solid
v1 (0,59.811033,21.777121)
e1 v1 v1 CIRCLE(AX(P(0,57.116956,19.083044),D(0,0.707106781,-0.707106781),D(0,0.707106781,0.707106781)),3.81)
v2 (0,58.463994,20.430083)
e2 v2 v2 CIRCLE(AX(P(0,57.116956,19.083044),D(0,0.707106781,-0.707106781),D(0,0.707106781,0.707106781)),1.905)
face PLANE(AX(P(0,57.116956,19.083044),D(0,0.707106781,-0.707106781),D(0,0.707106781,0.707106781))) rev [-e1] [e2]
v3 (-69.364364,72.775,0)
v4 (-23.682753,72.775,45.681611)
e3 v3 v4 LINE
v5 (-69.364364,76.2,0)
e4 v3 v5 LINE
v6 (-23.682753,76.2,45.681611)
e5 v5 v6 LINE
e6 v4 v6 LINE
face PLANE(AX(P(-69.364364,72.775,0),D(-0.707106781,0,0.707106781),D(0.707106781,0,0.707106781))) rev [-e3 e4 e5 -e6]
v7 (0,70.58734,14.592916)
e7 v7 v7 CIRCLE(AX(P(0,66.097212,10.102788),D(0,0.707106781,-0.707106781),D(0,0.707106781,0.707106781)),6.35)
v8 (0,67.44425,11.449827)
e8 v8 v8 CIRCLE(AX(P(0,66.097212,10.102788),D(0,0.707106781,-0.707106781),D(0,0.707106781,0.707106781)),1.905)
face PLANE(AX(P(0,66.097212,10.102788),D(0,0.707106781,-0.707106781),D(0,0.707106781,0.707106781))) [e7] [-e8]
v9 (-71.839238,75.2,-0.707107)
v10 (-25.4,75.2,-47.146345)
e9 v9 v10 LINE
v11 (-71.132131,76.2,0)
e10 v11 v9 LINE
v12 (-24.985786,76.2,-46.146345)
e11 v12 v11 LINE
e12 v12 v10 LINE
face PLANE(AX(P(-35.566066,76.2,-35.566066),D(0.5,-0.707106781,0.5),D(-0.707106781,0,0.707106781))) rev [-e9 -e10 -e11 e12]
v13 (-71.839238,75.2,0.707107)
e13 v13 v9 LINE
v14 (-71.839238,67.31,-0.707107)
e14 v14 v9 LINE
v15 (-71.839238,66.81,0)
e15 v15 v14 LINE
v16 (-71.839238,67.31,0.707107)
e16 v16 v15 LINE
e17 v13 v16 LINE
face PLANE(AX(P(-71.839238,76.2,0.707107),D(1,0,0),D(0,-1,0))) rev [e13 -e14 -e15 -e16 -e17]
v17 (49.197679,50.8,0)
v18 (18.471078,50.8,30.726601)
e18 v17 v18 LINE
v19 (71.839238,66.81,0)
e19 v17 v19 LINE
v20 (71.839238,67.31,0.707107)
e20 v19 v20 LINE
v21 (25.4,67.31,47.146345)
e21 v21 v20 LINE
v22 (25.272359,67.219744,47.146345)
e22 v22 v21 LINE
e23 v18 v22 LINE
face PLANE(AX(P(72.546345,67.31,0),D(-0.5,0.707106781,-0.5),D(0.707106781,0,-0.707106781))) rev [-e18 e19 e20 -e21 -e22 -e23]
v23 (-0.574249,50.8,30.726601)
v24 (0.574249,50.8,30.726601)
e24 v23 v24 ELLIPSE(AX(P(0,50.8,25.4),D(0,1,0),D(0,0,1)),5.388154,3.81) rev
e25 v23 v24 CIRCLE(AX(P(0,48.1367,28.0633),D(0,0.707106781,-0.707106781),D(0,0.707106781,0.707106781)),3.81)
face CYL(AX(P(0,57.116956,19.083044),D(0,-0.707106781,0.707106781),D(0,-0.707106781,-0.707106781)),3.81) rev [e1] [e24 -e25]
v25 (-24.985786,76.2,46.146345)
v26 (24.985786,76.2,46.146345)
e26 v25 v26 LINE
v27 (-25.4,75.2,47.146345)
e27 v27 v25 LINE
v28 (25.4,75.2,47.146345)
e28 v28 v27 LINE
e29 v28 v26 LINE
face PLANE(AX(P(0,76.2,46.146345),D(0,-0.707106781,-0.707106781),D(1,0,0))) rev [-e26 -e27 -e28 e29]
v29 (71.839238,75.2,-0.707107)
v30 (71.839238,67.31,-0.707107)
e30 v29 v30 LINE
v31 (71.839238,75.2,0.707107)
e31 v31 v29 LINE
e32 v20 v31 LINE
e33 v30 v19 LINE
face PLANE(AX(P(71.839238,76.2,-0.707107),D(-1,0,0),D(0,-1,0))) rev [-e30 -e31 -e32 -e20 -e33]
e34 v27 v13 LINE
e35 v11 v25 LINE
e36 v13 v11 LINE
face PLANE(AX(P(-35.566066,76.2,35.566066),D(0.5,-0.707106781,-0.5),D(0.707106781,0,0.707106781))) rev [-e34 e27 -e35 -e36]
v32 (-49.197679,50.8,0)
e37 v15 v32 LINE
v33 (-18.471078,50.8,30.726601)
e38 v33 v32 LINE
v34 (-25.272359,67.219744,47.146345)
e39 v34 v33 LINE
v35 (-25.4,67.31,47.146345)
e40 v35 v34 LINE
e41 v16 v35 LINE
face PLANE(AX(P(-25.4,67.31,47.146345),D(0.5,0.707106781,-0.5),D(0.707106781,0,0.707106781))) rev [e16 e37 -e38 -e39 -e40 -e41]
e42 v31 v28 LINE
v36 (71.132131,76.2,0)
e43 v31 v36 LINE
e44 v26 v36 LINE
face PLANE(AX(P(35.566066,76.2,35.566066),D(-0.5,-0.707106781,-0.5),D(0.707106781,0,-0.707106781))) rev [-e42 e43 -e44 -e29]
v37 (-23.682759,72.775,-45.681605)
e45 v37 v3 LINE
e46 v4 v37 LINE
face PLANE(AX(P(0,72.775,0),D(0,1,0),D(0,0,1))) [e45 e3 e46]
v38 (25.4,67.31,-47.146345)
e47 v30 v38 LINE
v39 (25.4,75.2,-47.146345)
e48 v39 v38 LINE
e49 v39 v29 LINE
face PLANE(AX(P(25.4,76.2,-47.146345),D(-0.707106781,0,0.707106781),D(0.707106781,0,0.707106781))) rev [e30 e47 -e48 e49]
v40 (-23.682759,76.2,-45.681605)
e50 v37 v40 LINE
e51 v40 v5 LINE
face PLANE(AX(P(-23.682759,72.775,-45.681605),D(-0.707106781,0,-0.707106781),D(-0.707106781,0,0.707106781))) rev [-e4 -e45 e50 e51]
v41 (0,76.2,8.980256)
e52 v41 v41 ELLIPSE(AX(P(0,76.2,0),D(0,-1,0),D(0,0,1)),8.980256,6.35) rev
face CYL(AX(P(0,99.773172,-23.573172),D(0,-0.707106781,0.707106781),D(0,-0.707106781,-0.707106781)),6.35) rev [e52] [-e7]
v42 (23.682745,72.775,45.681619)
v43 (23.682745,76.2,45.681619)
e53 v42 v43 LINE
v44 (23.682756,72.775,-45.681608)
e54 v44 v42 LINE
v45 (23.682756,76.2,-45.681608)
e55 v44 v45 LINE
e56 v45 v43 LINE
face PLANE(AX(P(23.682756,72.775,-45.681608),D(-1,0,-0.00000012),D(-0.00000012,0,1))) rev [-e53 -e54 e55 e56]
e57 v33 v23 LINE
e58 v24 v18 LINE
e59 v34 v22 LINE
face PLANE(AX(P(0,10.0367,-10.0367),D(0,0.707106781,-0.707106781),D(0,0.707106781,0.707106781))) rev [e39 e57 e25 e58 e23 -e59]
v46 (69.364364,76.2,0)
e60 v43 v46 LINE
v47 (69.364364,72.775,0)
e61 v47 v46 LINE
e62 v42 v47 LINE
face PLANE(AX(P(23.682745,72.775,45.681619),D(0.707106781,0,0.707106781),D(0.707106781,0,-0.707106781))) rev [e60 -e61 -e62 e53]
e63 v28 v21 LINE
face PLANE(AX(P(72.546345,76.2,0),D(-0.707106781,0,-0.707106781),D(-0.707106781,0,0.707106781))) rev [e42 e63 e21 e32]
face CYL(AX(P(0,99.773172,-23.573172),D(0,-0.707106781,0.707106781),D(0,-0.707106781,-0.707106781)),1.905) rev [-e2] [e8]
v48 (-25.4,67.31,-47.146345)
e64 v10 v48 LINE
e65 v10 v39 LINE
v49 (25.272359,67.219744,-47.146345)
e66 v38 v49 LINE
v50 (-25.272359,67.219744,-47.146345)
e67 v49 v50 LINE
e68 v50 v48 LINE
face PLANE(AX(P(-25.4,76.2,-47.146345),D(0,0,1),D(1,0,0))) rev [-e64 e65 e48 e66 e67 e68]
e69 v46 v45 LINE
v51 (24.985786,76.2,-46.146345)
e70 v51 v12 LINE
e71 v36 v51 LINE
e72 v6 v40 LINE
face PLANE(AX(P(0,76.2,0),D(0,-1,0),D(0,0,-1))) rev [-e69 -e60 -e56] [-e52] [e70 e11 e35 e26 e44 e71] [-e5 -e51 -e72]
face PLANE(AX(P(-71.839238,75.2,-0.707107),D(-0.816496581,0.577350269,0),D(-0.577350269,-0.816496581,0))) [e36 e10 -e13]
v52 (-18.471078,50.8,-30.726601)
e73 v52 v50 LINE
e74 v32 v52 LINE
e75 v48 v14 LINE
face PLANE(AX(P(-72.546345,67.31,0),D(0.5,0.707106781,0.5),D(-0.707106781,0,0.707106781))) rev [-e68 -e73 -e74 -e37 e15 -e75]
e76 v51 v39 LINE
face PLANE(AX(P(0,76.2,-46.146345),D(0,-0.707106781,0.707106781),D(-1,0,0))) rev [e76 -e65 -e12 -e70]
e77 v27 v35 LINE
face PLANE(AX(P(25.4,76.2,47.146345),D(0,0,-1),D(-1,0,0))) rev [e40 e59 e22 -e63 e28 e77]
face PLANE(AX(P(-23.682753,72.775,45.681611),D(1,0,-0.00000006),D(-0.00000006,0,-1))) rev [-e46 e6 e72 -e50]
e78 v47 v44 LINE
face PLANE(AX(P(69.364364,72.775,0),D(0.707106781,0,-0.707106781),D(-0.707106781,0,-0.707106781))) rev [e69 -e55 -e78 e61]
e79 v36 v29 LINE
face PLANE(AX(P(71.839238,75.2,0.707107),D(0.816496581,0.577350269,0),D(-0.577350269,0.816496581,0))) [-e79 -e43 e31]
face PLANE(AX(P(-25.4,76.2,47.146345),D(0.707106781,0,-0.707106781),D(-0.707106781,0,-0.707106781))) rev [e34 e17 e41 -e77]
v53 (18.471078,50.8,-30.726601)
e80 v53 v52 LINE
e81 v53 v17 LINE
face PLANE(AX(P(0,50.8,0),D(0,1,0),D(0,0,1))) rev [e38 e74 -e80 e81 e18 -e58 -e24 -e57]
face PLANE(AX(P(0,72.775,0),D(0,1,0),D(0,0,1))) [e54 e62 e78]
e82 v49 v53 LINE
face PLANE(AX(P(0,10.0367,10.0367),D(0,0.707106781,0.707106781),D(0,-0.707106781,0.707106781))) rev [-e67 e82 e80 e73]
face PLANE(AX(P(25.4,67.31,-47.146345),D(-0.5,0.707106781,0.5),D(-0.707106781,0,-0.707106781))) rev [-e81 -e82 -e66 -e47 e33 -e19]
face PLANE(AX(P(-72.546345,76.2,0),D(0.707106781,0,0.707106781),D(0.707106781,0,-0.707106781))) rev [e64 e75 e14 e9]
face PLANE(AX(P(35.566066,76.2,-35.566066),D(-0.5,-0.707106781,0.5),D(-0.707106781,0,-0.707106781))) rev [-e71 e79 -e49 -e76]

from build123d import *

# Parameters (mm, degrees)
BOSS_EXTRUDE1_DEPTH     = 76.2
CHAMFER1_SIZE           = 16.51
CHAMFER2_SIZE           = 1
CUT_EXTRUDE1_DEPTH      = 3.425
SKETCH5_R               = 1.905
CUT_EXTRUDE2_DEPTH      = 114.174020707
CUT_EXTRUDE3_DEPTH      = 118.371627589
CUT_EXTRUDE3_DEPTH_BACK = 12.7
SKETCH6_R               = 6.35
SKETCH5_3_R             = 3.81
CUT_EXTRUDE4_DEPTH      = 12.7


with BuildPart() as part:
    # Sketch1 → Boss-Extrude1 (new body)
    with BuildSketch(Plane(origin=(0, 0, 0), x_dir=(1, 0, 0), z_dir=(0, 1, 0))):
        Polygon((-25.4, 47.146344636), (25.4, 47.146344636), (72.546344636, 0), (25.4, -47.146344636), (-25.4, -47.146344636), (-72.546344636, 0), align=None)
    extrude(amount=BOSS_EXTRUDE1_DEPTH)

    # SurfaceCut1
    split(bisect_by=Plane(origin=(0, 10.036699622, 10.036699622), x_dir=(-1, 0, 0), z_dir=(0, 0.7071067811865464, 0.7071067811865488)), keep=Keep.TOP)

    # SurfaceCut2
    split(bisect_by=Plane(origin=(0, 10.036699622, -10.036699622), x_dir=(1, 0, 0), z_dir=(0, 0.7071067811865464, -0.7071067811865488)), keep=Keep.TOP)

    # SurfaceCut3
    split(bisect_by=Plane(origin=(0, 50.8, 0), x_dir=(1, 0, 0), z_dir=(0, 1, 0)), keep=Keep.TOP)

    # Chamfer1
    chamfer1_edges = [part.edges().sort_by_distance(p)[0] for p in [
        (-57.183044257, 50.8, 15.363300378),
        (-57.183044257, 50.8, -15.363300378),
        (57.183044257, 50.8, 15.363300378),
        (57.183044257, 50.8, -15.363300378),
    ]]
    chamfer(chamfer1_edges, length=CHAMFER1_SIZE)

    # Chamfer2
    chamfer2_edges = [part.edges().sort_by_distance(p)[0] for p in [
        (72.546344636, 71.755, 0),
        (-72.546344636, 71.755, 0),
        (0, 76.2, 47.146344636),
        (48.973172318, 76.2, 23.573172318),
        (48.973172318, 76.2, -23.573172318),
        (0, 76.2, -47.146344636),
        (-48.973172318, 76.2, -23.573172318),
        (-48.973172318, 76.2, 23.573172318),
    ]]
    chamfer(chamfer2_edges, length=CHAMFER2_SIZE)

    # Sketch2 → Cut-Extrude1 (cut)
    with BuildSketch(Plane(origin=(0, 76.2, 0), x_dir=(1, 0, 0), z_dir=(0, 1, 0))):
        Polygon((-23.68275885, 45.681605271), (-69.36436412, 0), (-23.682753383, -45.681610738), align=None)
        Polygon((69.36436412, 0), (23.682756199, 45.681607921), (23.682745222, -45.681618898), align=None)
    extrude(amount=-CUT_EXTRUDE1_DEPTH, mode=Mode.SUBTRACT)

    # Sketch5 → Cut-Extrude2 (cut, through all)
    with BuildSketch(Plane(origin=(0, 10.036699622, -10.036699622), x_dir=(1, 0, 0), z_dir=(0, 0.7071067811865464, -0.7071067811865488))):
        with Locations(Location((0, -53.881536726, 0), (0, 0, 270))):
            Circle(SKETCH5_R)
    extrude(amount=CUT_EXTRUDE2_DEPTH, mode=Mode.SUBTRACT)

    # Sketch6 → Cut-Extrude3 (cut, two sides: drawn at the far end of the back side and taken through both)
    with BuildSketch(Plane(origin=(0, 36.977467985, -36.977467985), x_dir=(1, 0, 0), z_dir=(0, 0.7071067811865464, -0.7071067811865488)).offset(-CUT_EXTRUDE3_DEPTH_BACK)):
        with Locations(Location((0, -53.881536726, 0), (0, 0, 270))):
            Circle(SKETCH6_R)
    extrude(amount=CUT_EXTRUDE3_DEPTH + CUT_EXTRUDE3_DEPTH_BACK, mode=Mode.SUBTRACT)

    # Sketch5<3> → Cut-Extrude4 (cut)
    with BuildSketch(Plane(origin=(0, 10.036699622, -10.036699622), x_dir=(1, 0, 0), z_dir=(0, 0.7071067811865464, -0.7071067811865488))):
        with Locations(Location((0, -53.881536726, 0), (0, 0, 278.668745784))):
            Circle(SKETCH5_3_R)
    extrude(amount=CUT_EXTRUDE4_DEPTH, mode=Mode.SUBTRACT)


solid = part.part
